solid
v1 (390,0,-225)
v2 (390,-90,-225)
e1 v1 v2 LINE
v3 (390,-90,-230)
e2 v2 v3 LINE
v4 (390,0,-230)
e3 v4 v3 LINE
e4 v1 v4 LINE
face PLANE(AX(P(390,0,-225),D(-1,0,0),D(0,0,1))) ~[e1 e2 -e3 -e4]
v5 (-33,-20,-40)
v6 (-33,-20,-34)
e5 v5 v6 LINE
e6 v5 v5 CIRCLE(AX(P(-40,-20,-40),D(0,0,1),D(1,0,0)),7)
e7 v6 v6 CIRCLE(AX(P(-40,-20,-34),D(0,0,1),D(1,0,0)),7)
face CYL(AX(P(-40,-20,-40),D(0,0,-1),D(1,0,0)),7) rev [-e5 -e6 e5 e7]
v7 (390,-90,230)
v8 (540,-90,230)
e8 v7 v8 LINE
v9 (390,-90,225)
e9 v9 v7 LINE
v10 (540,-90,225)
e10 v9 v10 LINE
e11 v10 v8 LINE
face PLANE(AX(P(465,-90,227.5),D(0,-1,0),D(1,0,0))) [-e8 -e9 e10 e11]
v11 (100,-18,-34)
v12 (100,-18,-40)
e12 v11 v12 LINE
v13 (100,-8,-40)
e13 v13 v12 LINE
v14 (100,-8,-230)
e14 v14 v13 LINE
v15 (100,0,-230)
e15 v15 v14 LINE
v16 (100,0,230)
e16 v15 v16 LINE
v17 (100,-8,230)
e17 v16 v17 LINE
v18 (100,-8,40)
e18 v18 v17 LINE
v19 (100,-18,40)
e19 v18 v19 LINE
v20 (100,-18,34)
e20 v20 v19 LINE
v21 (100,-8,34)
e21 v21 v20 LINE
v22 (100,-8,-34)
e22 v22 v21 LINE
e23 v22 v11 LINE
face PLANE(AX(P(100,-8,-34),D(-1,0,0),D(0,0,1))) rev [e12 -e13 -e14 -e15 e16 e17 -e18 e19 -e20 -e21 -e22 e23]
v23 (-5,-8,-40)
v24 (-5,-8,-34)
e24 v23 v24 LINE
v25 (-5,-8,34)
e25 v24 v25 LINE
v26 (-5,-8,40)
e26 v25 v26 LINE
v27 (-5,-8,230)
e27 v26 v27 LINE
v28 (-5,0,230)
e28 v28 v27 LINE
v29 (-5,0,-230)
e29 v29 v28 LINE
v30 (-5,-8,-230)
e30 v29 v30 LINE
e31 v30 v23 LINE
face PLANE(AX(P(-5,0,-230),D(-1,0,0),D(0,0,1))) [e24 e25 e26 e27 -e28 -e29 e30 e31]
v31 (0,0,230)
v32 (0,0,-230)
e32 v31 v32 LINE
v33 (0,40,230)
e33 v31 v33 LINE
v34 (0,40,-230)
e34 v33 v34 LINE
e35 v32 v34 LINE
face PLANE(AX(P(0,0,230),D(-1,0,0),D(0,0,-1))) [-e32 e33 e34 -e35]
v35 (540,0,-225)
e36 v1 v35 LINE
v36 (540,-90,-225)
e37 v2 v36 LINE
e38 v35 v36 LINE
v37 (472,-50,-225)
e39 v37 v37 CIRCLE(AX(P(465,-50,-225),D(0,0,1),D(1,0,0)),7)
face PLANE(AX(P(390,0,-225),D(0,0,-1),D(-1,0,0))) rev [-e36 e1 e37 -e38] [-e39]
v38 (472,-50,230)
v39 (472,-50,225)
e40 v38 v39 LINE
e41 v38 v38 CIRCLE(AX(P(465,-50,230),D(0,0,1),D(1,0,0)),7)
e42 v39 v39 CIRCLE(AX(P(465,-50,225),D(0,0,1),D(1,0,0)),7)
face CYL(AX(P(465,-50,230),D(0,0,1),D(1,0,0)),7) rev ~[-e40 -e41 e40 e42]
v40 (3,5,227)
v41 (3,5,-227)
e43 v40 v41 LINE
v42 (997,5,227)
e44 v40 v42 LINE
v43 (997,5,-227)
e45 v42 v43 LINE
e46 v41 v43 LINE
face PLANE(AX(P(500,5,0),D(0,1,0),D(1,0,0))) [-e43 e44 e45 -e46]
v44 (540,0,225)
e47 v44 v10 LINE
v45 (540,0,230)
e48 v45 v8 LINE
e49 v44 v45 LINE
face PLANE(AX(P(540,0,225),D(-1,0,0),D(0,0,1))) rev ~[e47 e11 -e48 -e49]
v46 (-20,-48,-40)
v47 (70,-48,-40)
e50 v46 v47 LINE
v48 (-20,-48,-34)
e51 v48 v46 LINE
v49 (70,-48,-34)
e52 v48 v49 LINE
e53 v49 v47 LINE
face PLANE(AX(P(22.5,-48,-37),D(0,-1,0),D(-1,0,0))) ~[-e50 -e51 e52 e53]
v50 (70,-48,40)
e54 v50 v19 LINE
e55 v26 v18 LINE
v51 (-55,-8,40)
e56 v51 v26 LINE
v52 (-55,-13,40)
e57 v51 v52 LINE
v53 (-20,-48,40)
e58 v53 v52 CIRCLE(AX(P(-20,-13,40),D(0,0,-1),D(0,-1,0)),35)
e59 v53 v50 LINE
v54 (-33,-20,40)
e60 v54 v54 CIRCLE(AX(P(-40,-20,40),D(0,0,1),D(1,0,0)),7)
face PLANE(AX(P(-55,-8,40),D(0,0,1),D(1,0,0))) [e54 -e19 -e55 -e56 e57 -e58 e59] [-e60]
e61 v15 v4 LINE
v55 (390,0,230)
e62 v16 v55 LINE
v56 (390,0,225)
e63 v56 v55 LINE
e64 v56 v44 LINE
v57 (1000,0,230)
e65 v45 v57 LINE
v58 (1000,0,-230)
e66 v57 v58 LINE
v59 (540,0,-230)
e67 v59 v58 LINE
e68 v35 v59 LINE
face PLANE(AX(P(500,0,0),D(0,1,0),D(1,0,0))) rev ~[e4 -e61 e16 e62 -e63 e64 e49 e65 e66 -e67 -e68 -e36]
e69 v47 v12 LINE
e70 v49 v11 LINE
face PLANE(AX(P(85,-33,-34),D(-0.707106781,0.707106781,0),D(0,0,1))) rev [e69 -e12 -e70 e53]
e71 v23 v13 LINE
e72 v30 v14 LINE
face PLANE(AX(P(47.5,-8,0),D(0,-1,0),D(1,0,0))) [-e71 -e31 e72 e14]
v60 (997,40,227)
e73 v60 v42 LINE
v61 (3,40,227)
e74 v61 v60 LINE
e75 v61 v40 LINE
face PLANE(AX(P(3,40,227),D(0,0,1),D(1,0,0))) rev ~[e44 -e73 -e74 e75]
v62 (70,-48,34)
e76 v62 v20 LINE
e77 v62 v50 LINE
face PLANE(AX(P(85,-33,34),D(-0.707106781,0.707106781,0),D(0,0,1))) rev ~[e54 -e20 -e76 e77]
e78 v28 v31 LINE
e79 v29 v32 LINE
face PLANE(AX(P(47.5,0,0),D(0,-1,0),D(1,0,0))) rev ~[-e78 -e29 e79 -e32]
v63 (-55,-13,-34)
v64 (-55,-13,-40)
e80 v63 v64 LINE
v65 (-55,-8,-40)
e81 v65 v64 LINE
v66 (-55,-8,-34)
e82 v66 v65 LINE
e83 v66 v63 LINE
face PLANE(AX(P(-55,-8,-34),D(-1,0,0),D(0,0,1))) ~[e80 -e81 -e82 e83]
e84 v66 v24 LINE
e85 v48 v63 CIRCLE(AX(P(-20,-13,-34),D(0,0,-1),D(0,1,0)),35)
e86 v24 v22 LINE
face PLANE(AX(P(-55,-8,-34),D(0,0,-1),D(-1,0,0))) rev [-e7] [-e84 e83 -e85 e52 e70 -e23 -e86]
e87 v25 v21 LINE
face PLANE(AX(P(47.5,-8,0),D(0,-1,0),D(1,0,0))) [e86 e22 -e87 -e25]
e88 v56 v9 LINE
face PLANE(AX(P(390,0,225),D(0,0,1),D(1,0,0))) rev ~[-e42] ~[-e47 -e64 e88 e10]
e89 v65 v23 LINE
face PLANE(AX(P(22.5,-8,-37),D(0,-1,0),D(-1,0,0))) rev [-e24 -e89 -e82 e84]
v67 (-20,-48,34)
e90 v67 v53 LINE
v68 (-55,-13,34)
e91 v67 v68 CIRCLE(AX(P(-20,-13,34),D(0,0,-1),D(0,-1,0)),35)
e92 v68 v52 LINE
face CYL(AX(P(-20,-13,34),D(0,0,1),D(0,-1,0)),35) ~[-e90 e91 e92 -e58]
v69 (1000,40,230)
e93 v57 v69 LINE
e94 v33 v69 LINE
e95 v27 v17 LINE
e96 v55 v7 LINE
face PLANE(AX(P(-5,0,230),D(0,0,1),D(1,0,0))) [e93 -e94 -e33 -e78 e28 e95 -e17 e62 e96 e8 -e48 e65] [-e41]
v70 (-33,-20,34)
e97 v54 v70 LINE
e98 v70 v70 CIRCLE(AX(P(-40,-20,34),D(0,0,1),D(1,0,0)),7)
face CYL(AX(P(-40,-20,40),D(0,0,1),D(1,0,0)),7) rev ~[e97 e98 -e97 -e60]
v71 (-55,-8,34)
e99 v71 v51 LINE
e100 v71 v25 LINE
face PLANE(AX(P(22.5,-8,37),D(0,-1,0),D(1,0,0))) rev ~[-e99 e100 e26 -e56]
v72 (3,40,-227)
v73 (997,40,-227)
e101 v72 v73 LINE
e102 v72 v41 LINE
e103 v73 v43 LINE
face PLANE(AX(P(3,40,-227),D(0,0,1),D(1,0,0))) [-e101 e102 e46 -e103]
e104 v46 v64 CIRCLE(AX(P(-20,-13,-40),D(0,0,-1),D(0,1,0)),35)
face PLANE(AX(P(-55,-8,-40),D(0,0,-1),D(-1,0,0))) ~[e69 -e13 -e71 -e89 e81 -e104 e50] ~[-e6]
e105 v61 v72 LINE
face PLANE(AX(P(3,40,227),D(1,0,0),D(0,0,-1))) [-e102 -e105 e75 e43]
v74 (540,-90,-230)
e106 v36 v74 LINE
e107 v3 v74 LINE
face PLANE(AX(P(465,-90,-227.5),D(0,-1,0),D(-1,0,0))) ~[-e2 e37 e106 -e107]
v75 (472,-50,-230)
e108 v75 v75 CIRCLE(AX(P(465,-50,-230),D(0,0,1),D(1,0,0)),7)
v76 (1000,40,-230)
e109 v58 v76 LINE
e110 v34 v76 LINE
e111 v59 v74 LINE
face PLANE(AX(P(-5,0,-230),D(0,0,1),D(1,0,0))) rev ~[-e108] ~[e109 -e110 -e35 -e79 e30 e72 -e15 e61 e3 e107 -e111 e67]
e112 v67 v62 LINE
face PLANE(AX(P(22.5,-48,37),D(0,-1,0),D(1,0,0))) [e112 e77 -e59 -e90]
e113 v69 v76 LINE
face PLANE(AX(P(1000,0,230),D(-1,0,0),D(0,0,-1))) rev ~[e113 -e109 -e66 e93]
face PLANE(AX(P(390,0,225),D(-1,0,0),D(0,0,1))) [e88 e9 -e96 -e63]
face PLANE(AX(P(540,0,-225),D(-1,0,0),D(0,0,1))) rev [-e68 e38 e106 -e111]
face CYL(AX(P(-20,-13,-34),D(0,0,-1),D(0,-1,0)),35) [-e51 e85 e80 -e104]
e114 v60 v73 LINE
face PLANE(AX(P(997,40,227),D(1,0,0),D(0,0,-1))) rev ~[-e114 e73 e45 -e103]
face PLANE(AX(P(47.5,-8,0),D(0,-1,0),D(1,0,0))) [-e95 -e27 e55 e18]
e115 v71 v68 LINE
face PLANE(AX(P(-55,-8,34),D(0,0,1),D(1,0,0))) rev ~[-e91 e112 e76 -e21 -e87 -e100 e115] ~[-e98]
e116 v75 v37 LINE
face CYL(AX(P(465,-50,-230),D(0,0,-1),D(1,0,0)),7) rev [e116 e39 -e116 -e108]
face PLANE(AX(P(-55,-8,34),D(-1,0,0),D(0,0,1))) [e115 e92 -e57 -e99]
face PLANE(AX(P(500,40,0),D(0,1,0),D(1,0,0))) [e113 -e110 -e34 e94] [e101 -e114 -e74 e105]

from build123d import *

# Parameters (mm, degrees)
ESQUISSE2_W                  = 1000
ESQUISSE2_H                  = 460
BOSS_EXTRU_1_DEPTH           = 40
ESQUISSE3_W                  = 150
ESQUISSE3_H                  = 5
BOSS_EXTRU_2_DEPTH           = 90
ENL_V_MAT_EXTRU_1_REACH      = 1106.4
ESQUISSE4_R                  = 7
ESQUISSE5_W                  = 105
ESQUISSE5_H                  = 460
BOSS_EXTRU_3_DEPTH           = 8
ESQUISSE6_W                  = 155
ESQUISSE6_H                  = 6
BOSS_EXTRU_4_DEPTH           = 40
CHANFREIN1_SIZE              = 30
CONG_1_R                     = 35
ENL_V_MAT_EXTRU_2_REACH      = 1041.711
ESQUISSE7_R                  = 7
ESQUISSE8_W                  = 994
ESQUISSE8_H                  = 454
ENL_V_MAT_EXTRU_3_DEPTH      = 35
CHANFREIN1_OF_SYM_TRIE1_SIZE = 30
CONG_1_OF_SYM_TRIE1_R        = 35


with BuildPart() as part:
    # Esquisse2 → Boss.-Extru.1 (new body)
    with BuildSketch(Plane(origin=(0, 0, 0), x_dir=(1, 0, 0), z_dir=(0, 1, 0))):
        with Locations((500, 0)):
            Rectangle(ESQUISSE2_W, ESQUISSE2_H)
    extrude(amount=BOSS_EXTRU_1_DEPTH)

    # Esquisse3 → Boss.-Extru.2 (add)
    with BuildSketch(Plane.XZ):
        with Locations((465, 227.5)):
            Rectangle(ESQUISSE3_W, ESQUISSE3_H)
    boss_extru_2 = extrude(amount=BOSS_EXTRU_2_DEPTH)

    # Esquisse4 → Enlèv. mat.-Extru.1 (cut, up to next)
    with BuildSketch(Plane.XY.offset(230), mode=Mode.PRIVATE) as enl_v_mat_extru_1_sk1:
        with Locations((465, -50)):
            Circle(ESQUISSE4_R)
    enl_v_mat_extru_1_tool1 = extrude(enl_v_mat_extru_1_sk1.sketch, amount=-ENL_V_MAT_EXTRU_1_REACH, mode=Mode.PRIVATE) & part.part
    enl_v_mat_extru_1 = enl_v_mat_extru_1_tool1.solids().sort_by_distance((465, -50, 230))[0]
    add(enl_v_mat_extru_1, mode=Mode.SUBTRACT)

    # Esquisse5 → Boss.-Extru.3 (add)
    with BuildSketch(Plane.XZ):
        with Locations((47.5, 0)):
            Rectangle(ESQUISSE5_W, ESQUISSE5_H)
    extrude(amount=BOSS_EXTRU_3_DEPTH)

    # Esquisse6 → Boss.-Extru.4 (add)
    with BuildSketch(Plane.XZ.offset(8)):
        with Locations((22.5, 37)):
            Rectangle(ESQUISSE6_W, ESQUISSE6_H)
    boss_extru_4 = extrude(amount=BOSS_EXTRU_4_DEPTH)

    # Chanfrein1
    chanfrein1_edges = [part.edges().sort_by_distance(p)[0] for p in [
        (100, -48, 37),
    ]]
    chamfer(chanfrein1_edges, length=CHANFREIN1_SIZE)

    # Congé1
    cong_1_edges = [part.edges().sort_by_distance(p)[0] for p in [
        (-55, -48, 37),
    ]]
    fillet(cong_1_edges, radius=CONG_1_R)

    # Esquisse7 → Enlèv. mat.-Extru.2 (cut, up to next)
    with BuildSketch(Plane.XY.offset(40), mode=Mode.PRIVATE) as enl_v_mat_extru_2_sk1:
        with Locations((-40, -20)):
            Circle(ESQUISSE7_R)
    enl_v_mat_extru_2_tool1 = extrude(enl_v_mat_extru_2_sk1.sketch, amount=-ENL_V_MAT_EXTRU_2_REACH, mode=Mode.PRIVATE) & part.part
    enl_v_mat_extru_2 = enl_v_mat_extru_2_tool1.solids().sort_by_distance((-40, -20, 40))[0]
    add(enl_v_mat_extru_2, mode=Mode.SUBTRACT)

    # Esquisse8 → Enlèv. mat.-Extru.3 (cut)
    with BuildSketch(Plane(origin=(0, 40, 0), x_dir=(1, 0, 0), z_dir=(0, 1, 0))):
        with Locations((500, 0)):
            Rectangle(ESQUISSE8_W, ESQUISSE8_H)
    extrude(amount=-ENL_V_MAT_EXTRU_3_DEPTH, mode=Mode.SUBTRACT)

    # Symétrie1: Boss.-Extru.2, Enlèv. mat.-Extru.1, Boss.-Extru.4, Enlèv. mat.-Extru.2 across plane
    add(boss_extru_2.mirror(Plane(origin=(0, 0, 0), x_dir=(1, 0, 0), z_dir=(0, 0, -1))))
    add(enl_v_mat_extru_1.mirror(Plane(origin=(0, 0, 0), x_dir=(1, 0, 0), z_dir=(0, 0, -1))), mode=Mode.SUBTRACT)
    add(boss_extru_4.mirror(Plane(origin=(0, 0, 0), x_dir=(1, 0, 0), z_dir=(0, 0, -1))))
    add(enl_v_mat_extru_2.mirror(Plane(origin=(0, 0, 0), x_dir=(1, 0, 0), z_dir=(0, 0, -1))), mode=Mode.SUBTRACT)

    # Chanfrein1 of Symétrie1
    chanfrein1_of_sym_trie1_edges = [part.edges().sort_by_distance(p)[0] for p in [
        (100, -48, -37),
    ]]
    chamfer(chanfrein1_of_sym_trie1_edges, length=CHANFREIN1_OF_SYM_TRIE1_SIZE)

    # Congé1 of Symétrie1
    cong_1_of_sym_trie1_edges = [part.edges().sort_by_distance(p)[0] for p in [
        (-55, -48, -37),
    ]]
    fillet(cong_1_of_sym_trie1_edges, radius=CONG_1_OF_SYM_TRIE1_R)


solid = part.part
